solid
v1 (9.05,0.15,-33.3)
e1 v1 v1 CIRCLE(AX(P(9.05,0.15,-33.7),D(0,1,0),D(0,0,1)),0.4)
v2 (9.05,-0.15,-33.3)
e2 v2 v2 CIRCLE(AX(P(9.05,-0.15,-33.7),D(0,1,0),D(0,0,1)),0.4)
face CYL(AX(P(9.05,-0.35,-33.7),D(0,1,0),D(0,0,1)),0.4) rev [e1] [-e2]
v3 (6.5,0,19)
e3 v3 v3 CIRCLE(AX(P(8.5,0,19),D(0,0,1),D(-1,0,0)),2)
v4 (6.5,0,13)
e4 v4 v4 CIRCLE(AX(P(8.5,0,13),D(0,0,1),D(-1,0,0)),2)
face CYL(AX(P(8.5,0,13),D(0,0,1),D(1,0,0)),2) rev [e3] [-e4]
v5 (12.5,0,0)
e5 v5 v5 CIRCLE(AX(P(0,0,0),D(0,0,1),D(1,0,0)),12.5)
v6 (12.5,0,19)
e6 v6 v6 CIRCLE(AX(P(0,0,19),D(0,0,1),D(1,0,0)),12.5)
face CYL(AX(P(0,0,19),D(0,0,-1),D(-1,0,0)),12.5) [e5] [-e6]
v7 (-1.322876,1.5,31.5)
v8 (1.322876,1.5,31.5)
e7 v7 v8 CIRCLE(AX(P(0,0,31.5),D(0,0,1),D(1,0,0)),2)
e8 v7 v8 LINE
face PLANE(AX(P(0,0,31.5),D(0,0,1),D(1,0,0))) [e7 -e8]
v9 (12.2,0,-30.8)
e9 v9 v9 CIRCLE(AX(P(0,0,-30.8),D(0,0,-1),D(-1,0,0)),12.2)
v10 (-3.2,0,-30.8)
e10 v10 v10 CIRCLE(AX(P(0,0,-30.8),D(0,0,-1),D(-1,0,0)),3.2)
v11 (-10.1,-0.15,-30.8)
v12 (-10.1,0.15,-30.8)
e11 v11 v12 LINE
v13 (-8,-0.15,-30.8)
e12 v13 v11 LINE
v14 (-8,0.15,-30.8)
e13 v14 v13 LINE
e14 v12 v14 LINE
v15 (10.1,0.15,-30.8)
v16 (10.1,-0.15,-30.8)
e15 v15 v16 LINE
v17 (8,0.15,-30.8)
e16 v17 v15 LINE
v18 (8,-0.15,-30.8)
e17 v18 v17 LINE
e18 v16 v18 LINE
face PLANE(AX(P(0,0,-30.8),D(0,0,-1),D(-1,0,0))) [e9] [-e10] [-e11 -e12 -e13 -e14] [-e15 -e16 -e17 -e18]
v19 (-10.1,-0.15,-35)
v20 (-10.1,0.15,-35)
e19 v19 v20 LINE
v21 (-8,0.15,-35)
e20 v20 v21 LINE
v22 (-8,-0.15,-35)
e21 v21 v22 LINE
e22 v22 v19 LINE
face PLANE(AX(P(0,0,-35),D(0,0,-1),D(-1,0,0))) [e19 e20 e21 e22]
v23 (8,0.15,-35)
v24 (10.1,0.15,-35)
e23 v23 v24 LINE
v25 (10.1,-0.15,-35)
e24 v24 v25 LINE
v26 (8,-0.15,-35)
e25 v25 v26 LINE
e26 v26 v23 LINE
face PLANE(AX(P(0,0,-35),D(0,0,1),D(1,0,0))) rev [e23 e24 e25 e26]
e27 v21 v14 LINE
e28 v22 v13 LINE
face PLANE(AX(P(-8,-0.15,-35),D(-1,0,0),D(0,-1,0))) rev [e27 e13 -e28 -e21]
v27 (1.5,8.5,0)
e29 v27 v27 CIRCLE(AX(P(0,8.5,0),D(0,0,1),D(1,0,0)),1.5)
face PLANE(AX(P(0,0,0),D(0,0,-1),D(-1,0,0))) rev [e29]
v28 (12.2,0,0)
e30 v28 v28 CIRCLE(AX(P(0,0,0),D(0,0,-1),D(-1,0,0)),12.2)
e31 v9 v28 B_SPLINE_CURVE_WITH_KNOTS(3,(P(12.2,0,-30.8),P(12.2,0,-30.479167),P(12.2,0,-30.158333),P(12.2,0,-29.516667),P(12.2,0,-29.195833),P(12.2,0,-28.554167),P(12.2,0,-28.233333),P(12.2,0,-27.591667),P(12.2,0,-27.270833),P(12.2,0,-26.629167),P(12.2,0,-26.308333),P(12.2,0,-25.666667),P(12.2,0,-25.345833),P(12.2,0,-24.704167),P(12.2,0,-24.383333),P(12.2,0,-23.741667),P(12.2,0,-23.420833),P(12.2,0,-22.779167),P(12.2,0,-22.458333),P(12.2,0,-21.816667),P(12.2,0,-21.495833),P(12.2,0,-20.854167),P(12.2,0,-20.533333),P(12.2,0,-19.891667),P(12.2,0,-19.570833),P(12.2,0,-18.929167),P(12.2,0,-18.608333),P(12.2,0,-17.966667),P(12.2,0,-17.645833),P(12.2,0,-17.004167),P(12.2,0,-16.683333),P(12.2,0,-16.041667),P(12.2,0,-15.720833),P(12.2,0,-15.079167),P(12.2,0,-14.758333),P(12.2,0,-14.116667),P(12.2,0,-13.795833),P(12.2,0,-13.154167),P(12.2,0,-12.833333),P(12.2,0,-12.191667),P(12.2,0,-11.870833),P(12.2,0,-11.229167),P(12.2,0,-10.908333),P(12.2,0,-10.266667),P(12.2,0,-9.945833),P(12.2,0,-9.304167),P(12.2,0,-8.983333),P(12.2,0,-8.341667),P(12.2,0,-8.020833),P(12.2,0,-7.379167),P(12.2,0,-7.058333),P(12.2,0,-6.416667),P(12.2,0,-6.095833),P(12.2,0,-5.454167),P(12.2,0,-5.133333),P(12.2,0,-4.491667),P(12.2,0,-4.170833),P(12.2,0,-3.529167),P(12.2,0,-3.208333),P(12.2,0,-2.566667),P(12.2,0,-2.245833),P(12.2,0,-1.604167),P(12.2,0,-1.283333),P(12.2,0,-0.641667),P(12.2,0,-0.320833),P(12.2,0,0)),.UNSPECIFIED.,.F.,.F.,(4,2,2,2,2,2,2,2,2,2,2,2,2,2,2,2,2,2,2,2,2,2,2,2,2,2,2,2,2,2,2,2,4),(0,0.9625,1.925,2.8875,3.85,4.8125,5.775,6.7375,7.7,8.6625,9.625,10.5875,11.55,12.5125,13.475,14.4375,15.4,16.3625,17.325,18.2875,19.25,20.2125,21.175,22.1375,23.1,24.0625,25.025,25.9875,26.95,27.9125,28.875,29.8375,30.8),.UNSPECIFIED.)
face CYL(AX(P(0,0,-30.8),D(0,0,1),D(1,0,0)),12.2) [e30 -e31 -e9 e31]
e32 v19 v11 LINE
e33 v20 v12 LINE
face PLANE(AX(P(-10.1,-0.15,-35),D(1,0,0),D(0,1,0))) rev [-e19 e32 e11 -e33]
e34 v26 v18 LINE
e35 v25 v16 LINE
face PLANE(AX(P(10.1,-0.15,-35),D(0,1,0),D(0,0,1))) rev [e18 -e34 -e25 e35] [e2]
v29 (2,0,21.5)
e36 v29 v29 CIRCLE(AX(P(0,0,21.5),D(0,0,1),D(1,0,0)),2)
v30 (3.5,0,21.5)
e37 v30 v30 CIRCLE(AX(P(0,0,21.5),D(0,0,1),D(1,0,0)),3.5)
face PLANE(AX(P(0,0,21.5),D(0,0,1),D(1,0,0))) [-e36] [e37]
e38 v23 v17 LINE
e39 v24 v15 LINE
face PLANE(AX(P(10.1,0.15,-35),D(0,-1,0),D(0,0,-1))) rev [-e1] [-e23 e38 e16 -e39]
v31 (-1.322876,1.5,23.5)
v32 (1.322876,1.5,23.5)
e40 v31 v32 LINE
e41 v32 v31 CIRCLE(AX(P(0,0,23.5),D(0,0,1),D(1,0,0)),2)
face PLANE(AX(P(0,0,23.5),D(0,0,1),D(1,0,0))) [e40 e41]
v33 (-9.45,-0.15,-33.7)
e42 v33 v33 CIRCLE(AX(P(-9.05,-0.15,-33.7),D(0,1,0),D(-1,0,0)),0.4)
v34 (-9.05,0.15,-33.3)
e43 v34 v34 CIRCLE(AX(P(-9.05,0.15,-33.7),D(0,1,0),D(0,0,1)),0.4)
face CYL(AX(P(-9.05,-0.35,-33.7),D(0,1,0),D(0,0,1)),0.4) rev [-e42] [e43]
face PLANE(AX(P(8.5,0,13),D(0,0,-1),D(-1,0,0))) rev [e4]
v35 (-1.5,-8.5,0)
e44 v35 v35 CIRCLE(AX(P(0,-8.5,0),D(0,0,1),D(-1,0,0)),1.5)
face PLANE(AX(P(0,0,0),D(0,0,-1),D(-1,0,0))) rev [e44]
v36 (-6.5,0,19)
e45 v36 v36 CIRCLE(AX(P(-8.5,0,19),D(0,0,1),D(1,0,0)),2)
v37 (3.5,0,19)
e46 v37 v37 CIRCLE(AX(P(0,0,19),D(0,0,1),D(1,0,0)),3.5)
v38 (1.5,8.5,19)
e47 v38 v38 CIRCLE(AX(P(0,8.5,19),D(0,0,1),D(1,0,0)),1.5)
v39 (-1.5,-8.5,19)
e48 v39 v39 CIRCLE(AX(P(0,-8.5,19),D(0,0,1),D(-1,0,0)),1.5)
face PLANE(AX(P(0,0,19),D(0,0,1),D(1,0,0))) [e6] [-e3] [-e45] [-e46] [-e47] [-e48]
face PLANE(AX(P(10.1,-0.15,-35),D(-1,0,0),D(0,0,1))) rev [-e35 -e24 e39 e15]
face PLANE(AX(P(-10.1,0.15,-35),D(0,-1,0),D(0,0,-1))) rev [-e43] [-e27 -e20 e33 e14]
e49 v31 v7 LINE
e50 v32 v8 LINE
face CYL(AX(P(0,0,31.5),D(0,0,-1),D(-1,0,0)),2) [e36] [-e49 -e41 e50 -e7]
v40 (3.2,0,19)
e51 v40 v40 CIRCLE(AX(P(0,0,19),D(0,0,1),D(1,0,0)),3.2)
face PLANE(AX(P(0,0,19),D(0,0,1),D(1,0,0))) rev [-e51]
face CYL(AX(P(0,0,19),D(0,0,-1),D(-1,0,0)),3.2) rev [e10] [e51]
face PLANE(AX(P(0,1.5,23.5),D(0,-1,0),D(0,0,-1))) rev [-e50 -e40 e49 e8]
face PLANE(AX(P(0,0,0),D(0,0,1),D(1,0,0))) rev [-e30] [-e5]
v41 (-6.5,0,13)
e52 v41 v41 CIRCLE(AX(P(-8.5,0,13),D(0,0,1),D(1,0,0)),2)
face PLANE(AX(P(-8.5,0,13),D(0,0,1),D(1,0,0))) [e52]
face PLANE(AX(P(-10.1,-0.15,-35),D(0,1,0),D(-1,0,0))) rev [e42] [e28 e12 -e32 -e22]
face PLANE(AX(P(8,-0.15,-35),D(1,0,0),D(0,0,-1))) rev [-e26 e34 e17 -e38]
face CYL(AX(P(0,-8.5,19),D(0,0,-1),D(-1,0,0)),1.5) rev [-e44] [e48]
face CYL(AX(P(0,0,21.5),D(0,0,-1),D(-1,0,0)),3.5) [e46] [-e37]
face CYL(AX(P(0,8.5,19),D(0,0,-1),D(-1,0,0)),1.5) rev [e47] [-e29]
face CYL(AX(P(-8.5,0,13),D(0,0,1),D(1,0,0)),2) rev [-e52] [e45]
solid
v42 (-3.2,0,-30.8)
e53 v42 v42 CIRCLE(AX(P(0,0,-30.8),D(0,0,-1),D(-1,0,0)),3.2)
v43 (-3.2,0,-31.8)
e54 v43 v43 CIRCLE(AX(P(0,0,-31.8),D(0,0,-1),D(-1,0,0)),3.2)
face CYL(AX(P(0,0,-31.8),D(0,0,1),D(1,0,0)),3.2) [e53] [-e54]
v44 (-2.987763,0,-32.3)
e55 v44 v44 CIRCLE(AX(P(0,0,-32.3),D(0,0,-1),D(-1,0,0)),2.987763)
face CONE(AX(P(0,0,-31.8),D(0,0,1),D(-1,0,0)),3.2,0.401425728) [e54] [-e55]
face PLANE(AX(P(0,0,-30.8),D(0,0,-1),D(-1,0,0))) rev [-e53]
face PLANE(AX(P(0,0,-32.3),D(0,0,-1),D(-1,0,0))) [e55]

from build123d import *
from build123d.topology import SkipClean

# Parameters (mm, degrees)
SKETCH1_R           = 12.5
SKETCH1_R_2         = 3.2
SKETCH1_R_3         = 1.5
BOSS_EXTRUDE1_DEPTH = 19
BOSS_EXTRUDE2_START = 30.8
SKETCH3_R           = 12.2
SKETCH3_R_2         = 3.2
BOSS_EXTRUDE2_DEPTH = 30.8
SKETCH4_W           = 2.1
SKETCH4_H           = 0.3
BOSS_EXTRUDE3_DEPTH = 4.2
SKETCH6_R           = 3.5
SKETCH6_R_2         = 2
BOSS_EXTRUDE4_DEPTH = 2.5
SKETCH7_R           = 2
BOSS_EXTRUDE5_DEPTH = 12.5
CUT_EXTRUDE1_DEPTH  = 8
SKETCH10_R          = 2
CUT_EXTRUDE2_DEPTH  = 6
SKETCH11_R          = 3.2
BOSS_EXTRUDE6_DEPTH = 1
SKETCH12_R          = 3.2
BOSS_EXTRUDE7_DEPTH = 0.5
BOSS_EXTRUDE7_TAPER = 23
SKETCH13_R          = 0.4
CUT_EXTRUDE3_DEPTH  = 0.5
SKETCH14_R          = 0.4
CUT_EXTRUDE4_DEPTH  = 0.5


with BuildPart() as part:
    # Sketch1 → Boss-Extrude1 (new body)
    with BuildSketch(Plane.XY):
        Circle(SKETCH1_R)
        Circle(SKETCH1_R_2, mode=Mode.SUBTRACT)
        with Locations((0, 8.5)):
            Circle(SKETCH1_R_3, mode=Mode.SUBTRACT)
        with Locations(Location((0, -8.5, 0), (0, 0, 180))):
            Circle(SKETCH1_R_3, mode=Mode.SUBTRACT)
    extrude(amount=BOSS_EXTRUDE1_DEPTH)

    # Sketch3 → Boss-Extrude2 (add)
    with SkipClean():  # the faces are left unmerged after this step: merging them gives an invalid solid
        with BuildSketch(Plane(origin=(0, 0, 0), x_dir=(-1, 0, 0), z_dir=(0, 0, -1)).offset(BOSS_EXTRUDE2_START)):
            with Locations(Location((0, 0, 0), (0, 0, 180))):
                Circle(SKETCH3_R)
            Circle(SKETCH3_R_2, mode=Mode.SUBTRACT)
        extrude(amount=-BOSS_EXTRUDE2_DEPTH)

    # Sketch4 → Boss-Extrude3 (add)
    with SkipClean():  # the faces are left unmerged after this step: merging them gives an invalid solid
        with BuildSketch(Plane(origin=(0, 0, -30.8), x_dir=(-1, 0, 0), z_dir=(0, 0, -1))):
            with Locations((9.05, 0)):
                Rectangle(SKETCH4_W, SKETCH4_H)
            with Locations((-9.05, 0)):
                Rectangle(SKETCH4_W, SKETCH4_H)
        extrude(amount=BOSS_EXTRUDE3_DEPTH)

    # Sketch6 → Boss-Extrude4 (add)
    with BuildSketch(Plane.XY.offset(19)):
        Circle(SKETCH6_R)
        Circle(SKETCH6_R_2, mode=Mode.SUBTRACT)
    extrude(amount=BOSS_EXTRUDE4_DEPTH)

    # Sketch7 → Boss-Extrude5 (add)
    with BuildSketch(Plane.XY.offset(19)):
        Circle(SKETCH7_R)
    extrude(amount=BOSS_EXTRUDE5_DEPTH)

    # Sketch9 → Cut-Extrude1 (cut)
    with BuildSketch(Plane.XY.offset(31.5)):
        Polygon((-50.671161076, 1.5), (-1.322875656, 1.5), (1.322875656, 1.5), (50.671161076, 1.5), (50.671161076, 100.196570842), (-50.671161076, 100.196570842), align=None)
    extrude(amount=-CUT_EXTRUDE1_DEPTH, mode=Mode.SUBTRACT)

    # Sketch10 → Cut-Extrude2 (cut)
    with BuildSketch(Plane.XY.offset(19)):
        with Locations((-8.5, 0)):
            Circle(SKETCH10_R)
        with Locations(Location((8.5, 0, 0), (0, 0, 180))):
            Circle(SKETCH10_R)
    extrude(amount=-CUT_EXTRUDE2_DEPTH, mode=Mode.SUBTRACT)

    # Sketch13 → Cut-Extrude3 (cut)
    with BuildSketch(Plane(origin=(0, 0.15, 0), x_dir=(1, 0, 0), z_dir=(0, 1, 0))):
        with Locations(Location((9.05, 33.7, 0), (0, 0, 270))):
            Circle(SKETCH13_R)
    extrude(amount=-CUT_EXTRUDE3_DEPTH, mode=Mode.SUBTRACT)

    # Sketch14 → Cut-Extrude4 (cut)
    with BuildSketch(Plane(origin=(0, 0.15, 0), x_dir=(1, 0, 0), z_dir=(0, 1, 0))):
        with Locations(Location((-9.05, 33.7, 0), (0, 0, 270))):
            Circle(SKETCH14_R)
    extrude(amount=-CUT_EXTRUDE4_DEPTH, mode=Mode.SUBTRACT)


with BuildPart() as body_2:
    # Sketch11 → Boss-Extrude6 (new body)
    with BuildSketch(Plane(origin=(0, 0, -30.8), x_dir=(-1, 0, 0), z_dir=(0, 0, -1))):
        Circle(SKETCH11_R)
    extrude(amount=BOSS_EXTRUDE6_DEPTH)

    # Sketch12 → Boss-Extrude7 (add)
    with BuildSketch(Plane(origin=(0, 0, -31.8), x_dir=(-1, 0, 0), z_dir=(0, 0, -1))):
        Circle(SKETCH12_R)
    extrude(amount=BOSS_EXTRUDE7_DEPTH, taper=BOSS_EXTRUDE7_TAPER)


solid = Compound([part.part, body_2.part])
